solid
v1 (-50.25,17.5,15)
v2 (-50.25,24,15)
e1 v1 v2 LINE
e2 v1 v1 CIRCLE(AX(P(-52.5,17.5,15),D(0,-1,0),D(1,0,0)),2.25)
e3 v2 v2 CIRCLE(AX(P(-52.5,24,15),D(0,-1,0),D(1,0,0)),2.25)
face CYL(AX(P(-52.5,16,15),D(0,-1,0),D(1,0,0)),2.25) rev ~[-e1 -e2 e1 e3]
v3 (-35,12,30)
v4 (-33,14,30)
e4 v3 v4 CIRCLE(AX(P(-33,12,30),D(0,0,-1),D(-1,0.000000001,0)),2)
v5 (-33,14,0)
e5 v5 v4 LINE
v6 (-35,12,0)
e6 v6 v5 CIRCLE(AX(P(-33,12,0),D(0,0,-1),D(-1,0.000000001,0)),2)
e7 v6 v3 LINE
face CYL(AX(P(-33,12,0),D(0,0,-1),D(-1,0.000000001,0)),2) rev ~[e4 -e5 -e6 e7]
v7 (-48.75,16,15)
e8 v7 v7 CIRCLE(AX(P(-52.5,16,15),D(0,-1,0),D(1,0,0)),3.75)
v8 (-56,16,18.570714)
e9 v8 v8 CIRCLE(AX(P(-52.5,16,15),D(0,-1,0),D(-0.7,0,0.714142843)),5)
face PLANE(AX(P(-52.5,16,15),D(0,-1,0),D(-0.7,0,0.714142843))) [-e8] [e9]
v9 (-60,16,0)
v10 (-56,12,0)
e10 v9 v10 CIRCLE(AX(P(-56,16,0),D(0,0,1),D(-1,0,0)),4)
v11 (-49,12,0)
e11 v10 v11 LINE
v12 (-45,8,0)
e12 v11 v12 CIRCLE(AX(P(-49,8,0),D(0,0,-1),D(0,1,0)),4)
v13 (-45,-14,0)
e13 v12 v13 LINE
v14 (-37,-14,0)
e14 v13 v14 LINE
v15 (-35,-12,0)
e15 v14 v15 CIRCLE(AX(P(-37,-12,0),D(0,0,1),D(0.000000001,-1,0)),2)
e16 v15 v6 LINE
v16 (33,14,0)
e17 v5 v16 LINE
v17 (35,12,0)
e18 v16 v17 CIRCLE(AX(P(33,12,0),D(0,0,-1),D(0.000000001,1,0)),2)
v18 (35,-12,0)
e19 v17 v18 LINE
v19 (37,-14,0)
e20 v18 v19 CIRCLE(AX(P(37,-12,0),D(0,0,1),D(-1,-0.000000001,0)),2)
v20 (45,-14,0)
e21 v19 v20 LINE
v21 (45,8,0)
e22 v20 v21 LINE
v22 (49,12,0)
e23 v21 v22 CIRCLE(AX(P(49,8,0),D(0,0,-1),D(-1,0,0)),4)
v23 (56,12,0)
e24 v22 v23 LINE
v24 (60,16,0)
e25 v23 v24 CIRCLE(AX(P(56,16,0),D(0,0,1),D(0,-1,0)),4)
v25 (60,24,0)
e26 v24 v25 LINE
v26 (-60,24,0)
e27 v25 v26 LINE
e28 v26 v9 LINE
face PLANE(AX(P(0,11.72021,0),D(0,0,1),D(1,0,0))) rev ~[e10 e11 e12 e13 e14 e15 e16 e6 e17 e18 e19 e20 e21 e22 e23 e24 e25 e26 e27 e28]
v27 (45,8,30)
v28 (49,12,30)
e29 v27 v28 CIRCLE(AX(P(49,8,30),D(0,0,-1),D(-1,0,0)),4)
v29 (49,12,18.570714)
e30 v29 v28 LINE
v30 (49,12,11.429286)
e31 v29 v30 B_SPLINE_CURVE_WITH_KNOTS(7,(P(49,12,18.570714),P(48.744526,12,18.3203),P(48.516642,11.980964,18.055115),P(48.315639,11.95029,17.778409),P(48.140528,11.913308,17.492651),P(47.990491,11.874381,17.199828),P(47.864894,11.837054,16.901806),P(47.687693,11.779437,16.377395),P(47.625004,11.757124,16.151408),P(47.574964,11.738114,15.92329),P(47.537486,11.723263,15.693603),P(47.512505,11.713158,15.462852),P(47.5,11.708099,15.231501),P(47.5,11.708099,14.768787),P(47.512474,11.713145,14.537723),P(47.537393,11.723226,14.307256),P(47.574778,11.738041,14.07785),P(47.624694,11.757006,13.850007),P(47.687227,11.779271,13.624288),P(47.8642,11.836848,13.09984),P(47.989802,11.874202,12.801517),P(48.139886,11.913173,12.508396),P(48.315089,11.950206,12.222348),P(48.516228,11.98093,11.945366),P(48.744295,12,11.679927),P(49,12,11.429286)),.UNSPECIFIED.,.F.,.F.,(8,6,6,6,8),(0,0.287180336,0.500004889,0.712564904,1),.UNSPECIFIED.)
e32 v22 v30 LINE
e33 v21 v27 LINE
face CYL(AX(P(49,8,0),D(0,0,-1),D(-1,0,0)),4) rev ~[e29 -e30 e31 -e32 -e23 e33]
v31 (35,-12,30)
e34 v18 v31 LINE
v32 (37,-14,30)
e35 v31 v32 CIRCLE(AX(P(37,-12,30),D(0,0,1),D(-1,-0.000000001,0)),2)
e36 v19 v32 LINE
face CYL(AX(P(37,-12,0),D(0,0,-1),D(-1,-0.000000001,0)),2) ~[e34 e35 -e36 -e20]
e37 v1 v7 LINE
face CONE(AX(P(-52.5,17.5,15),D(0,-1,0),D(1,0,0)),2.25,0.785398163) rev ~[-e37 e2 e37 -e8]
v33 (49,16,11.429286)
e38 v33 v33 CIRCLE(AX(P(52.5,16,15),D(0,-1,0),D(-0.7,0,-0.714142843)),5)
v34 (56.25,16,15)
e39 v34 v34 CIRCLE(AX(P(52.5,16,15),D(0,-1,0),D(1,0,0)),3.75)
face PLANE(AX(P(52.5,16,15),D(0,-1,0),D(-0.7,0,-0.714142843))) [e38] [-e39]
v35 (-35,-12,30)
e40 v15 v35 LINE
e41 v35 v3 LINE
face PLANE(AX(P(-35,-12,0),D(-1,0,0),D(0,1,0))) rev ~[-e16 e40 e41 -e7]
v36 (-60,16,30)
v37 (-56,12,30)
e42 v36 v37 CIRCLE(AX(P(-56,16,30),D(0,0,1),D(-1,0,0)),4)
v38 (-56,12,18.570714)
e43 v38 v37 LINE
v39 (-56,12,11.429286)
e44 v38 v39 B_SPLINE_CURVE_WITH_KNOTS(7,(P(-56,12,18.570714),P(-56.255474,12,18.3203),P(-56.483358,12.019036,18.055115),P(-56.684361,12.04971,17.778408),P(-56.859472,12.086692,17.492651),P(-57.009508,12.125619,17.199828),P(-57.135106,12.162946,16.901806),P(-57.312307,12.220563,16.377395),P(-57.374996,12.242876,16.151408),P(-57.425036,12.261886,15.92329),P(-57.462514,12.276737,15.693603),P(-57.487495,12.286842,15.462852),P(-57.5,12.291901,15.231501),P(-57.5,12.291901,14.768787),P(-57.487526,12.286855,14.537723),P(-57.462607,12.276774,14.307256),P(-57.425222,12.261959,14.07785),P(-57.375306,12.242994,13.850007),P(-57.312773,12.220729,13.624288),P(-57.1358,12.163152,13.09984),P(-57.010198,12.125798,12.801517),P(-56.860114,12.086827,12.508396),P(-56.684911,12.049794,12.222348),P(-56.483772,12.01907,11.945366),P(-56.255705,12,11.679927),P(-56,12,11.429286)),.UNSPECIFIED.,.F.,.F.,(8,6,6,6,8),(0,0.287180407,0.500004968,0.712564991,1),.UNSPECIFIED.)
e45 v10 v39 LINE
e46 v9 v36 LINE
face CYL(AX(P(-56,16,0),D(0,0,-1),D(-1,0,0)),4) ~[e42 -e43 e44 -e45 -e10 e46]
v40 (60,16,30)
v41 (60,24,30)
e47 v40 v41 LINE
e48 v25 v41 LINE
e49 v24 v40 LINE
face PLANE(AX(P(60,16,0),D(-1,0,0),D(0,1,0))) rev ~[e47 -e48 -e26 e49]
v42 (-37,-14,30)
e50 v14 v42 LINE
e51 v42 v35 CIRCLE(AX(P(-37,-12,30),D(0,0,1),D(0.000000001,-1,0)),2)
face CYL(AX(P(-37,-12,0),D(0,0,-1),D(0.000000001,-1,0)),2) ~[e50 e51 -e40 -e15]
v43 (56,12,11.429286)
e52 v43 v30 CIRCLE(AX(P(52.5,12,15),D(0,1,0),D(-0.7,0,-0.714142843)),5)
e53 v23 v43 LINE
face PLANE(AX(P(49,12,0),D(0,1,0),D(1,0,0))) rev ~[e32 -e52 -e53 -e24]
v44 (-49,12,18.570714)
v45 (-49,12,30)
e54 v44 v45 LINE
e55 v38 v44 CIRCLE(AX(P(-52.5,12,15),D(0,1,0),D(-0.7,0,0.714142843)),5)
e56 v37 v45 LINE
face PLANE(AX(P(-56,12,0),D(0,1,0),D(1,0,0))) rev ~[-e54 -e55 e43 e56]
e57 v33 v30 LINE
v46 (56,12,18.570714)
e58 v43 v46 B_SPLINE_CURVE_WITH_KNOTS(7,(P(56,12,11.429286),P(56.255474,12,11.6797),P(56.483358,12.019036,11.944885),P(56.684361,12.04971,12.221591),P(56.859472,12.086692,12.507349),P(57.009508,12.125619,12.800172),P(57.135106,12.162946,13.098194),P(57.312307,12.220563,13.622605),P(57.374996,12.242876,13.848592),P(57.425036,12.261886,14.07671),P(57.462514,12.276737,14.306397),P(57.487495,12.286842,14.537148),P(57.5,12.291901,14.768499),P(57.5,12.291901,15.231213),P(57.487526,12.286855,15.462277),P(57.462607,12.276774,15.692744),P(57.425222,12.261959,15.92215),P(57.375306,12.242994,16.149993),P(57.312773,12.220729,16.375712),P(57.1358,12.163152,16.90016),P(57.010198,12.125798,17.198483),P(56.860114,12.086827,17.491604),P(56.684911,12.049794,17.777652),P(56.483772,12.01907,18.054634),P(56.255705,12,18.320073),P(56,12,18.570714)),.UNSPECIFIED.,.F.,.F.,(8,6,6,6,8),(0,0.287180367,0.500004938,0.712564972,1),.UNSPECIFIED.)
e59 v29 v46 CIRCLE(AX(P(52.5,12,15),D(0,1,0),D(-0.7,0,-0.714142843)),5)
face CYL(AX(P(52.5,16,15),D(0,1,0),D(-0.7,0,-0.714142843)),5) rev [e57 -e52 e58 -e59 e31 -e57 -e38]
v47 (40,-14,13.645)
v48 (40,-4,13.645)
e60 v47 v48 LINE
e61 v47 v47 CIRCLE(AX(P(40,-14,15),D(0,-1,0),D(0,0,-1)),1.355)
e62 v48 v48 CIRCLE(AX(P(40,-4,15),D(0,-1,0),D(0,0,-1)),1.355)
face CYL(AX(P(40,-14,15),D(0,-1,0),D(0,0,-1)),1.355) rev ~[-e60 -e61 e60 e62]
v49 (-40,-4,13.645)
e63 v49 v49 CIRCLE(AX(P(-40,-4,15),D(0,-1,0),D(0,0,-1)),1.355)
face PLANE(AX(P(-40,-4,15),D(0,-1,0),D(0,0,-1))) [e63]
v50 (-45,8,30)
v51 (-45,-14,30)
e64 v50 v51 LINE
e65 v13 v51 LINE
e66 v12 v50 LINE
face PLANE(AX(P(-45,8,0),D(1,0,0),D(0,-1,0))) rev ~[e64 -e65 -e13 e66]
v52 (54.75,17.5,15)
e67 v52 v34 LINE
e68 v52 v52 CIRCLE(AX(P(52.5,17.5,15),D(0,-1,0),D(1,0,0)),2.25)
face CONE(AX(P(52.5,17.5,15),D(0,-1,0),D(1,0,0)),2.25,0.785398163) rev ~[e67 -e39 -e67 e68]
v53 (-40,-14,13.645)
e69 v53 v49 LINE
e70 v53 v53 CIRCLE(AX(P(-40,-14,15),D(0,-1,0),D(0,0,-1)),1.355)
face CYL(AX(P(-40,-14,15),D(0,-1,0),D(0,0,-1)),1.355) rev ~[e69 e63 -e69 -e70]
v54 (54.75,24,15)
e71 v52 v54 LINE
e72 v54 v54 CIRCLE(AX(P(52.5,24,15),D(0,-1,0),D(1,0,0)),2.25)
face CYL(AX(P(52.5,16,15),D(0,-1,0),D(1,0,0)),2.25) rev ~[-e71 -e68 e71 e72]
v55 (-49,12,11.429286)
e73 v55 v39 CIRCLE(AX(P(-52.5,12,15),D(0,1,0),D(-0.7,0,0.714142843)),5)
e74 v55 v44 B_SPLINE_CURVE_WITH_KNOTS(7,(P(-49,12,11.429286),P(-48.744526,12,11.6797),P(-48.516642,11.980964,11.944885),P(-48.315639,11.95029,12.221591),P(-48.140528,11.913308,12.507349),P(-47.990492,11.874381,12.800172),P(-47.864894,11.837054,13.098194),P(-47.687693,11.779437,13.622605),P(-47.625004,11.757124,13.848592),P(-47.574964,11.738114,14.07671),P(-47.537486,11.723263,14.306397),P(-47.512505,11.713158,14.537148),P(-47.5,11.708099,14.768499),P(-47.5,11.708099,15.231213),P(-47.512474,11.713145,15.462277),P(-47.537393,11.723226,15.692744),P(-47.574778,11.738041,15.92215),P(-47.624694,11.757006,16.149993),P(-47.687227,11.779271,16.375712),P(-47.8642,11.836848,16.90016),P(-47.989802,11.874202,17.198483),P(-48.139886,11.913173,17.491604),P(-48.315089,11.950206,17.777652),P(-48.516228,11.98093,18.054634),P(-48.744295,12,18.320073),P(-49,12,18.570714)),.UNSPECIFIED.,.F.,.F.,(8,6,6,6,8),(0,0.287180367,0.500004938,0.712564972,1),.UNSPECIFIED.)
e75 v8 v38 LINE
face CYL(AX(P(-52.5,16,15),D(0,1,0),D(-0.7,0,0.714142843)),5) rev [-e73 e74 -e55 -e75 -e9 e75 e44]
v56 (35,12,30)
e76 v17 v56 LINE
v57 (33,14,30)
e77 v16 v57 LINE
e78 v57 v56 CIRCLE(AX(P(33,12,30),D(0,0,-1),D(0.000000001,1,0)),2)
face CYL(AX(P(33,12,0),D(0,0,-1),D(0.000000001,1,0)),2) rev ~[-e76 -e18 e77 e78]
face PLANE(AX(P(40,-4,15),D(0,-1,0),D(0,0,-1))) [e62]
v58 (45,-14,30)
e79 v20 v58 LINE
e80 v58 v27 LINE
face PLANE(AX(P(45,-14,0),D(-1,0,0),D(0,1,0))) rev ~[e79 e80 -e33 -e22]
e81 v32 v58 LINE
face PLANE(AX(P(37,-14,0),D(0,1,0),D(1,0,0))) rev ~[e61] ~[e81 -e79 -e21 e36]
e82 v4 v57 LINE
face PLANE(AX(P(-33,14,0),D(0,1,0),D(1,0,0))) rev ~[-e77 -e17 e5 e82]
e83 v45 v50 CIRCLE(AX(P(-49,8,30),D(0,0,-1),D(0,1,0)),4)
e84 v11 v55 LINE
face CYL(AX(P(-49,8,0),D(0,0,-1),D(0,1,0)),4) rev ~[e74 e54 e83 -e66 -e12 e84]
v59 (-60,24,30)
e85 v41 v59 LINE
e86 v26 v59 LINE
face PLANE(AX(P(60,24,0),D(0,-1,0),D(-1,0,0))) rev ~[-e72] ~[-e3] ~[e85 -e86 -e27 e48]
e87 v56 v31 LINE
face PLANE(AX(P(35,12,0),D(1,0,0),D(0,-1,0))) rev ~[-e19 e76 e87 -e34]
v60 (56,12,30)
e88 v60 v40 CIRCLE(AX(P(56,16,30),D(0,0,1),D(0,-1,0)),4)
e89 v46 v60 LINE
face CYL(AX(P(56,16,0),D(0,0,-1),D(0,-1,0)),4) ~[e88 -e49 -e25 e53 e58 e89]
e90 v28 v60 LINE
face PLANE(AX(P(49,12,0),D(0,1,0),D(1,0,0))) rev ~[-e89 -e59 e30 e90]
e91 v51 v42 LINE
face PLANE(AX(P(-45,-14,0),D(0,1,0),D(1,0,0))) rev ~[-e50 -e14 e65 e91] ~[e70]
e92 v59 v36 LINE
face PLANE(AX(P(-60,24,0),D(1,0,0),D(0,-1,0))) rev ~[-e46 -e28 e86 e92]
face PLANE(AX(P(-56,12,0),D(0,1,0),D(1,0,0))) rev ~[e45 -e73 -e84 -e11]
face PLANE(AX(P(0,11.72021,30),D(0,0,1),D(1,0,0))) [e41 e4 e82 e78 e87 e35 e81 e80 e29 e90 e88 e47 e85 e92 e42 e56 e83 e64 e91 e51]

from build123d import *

# Parameters (mm, degrees)
BOSS_EXTRUDE1_DEPTH     = 30
CUT_EXTRUDE1_DEPTH      = 72.944422994
CUT_EXTRUDE1_DEPTH_BACK = 4
SKETCH2_R               = 5
SKETCH3_R               = 2.25
CUT_EXTRUDE2_DEPTH      = 74.484692406
CHAMFER1_SIZE           = 1.5
SKETCH4_R               = 1.355
CUT_EXTRUDE3_DEPTH      = 10


with BuildPart() as part:
    # Sketch1 → Boss-Extrude1 (new body)
    with BuildSketch(Plane.XY):
        with BuildLine():
            Line((-35, -12), (-35, 12))
            ThreePointArc((-35, 12), (-34.414213562, 13.414213562), (-33, 14))
            Line((-33, 14), (33, 14))
            ThreePointArc((33, 14), (34.414213562, 13.414213562), (35, 12))
            Line((35, 12), (35, -12))
            ThreePointArc((35, -12), (35.585786438, -13.414213562), (37, -14))
            Line((37, -14), (45, -14))
            Line((45, -14), (45, 8))
            ThreePointArc((45, 8), (46.171572875, 10.828427125), (49, 12))
            Line((49, 12), (56, 12))
            ThreePointArc((56, 12), (58.828427125, 13.171572875), (60, 16))
            Line((60, 16), (60, 24))
            Line((60, 24), (33, 24))
            Line((33, 24), (-33, 24))
            Line((-33, 24), (-60, 24))
            Line((-60, 24), (-60, 16))
            ThreePointArc((-60, 16), (-58.828427125, 13.171572875), (-56, 12))
            Line((-56, 12), (-49, 12))
            ThreePointArc((-49, 12), (-46.171572875, 10.828427125), (-45, 8))
            Line((-45, 8), (-45, -14))
            Line((-45, -14), (-37, -14))
            ThreePointArc((-37, -14), (-35.585786438, -13.414213562), (-35, -12))
        make_face()
    extrude(amount=BOSS_EXTRUDE1_DEPTH)

    # Sketch2 → Cut-Extrude1 (cut, two sides: drawn at the far end of the back side and taken through both)
    with BuildSketch(Plane.XZ.offset(-12).offset(-CUT_EXTRUDE1_DEPTH_BACK)):
        with Locations(Location((-52.5, 15, 0), (0, 0, 134.427004004))):
            Circle(SKETCH2_R)
        with Locations(Location((52.5, 15, 0), (0, 0, 225.572995999))):
            Circle(SKETCH2_R)
    extrude(amount=CUT_EXTRUDE1_DEPTH + CUT_EXTRUDE1_DEPTH_BACK, mode=Mode.SUBTRACT)

    # Sketch3 → Cut-Extrude2 (cut, through all)
    with BuildSketch(Plane.XZ.offset(-16)):
        with Locations((-52.5, 15)):
            Circle(SKETCH3_R)
        with Locations((52.5, 15)):
            Circle(SKETCH3_R)
    extrude(amount=-CUT_EXTRUDE2_DEPTH, mode=Mode.SUBTRACT)

    # Chamfer1
    chamfer1_edges = [part.edges().sort_by_distance(p)[0] for p in [
        (-54.75, 16, 15),
        (50.25, 16, 15),
    ]]
    chamfer(chamfer1_edges, length=CHAMFER1_SIZE)

    # Sketch4 → Cut-Extrude3 (cut)
    with BuildSketch(Plane.XZ.offset(14)):
        with Locations(Location((-40, 15, 0), (0, 0, 270))):
            Circle(SKETCH4_R)
        with Locations(Location((40, 15, 0), (0, 0, 270))):
            Circle(SKETCH4_R)
    extrude(amount=-CUT_EXTRUDE3_DEPTH, mode=Mode.SUBTRACT)


solid = part.part
